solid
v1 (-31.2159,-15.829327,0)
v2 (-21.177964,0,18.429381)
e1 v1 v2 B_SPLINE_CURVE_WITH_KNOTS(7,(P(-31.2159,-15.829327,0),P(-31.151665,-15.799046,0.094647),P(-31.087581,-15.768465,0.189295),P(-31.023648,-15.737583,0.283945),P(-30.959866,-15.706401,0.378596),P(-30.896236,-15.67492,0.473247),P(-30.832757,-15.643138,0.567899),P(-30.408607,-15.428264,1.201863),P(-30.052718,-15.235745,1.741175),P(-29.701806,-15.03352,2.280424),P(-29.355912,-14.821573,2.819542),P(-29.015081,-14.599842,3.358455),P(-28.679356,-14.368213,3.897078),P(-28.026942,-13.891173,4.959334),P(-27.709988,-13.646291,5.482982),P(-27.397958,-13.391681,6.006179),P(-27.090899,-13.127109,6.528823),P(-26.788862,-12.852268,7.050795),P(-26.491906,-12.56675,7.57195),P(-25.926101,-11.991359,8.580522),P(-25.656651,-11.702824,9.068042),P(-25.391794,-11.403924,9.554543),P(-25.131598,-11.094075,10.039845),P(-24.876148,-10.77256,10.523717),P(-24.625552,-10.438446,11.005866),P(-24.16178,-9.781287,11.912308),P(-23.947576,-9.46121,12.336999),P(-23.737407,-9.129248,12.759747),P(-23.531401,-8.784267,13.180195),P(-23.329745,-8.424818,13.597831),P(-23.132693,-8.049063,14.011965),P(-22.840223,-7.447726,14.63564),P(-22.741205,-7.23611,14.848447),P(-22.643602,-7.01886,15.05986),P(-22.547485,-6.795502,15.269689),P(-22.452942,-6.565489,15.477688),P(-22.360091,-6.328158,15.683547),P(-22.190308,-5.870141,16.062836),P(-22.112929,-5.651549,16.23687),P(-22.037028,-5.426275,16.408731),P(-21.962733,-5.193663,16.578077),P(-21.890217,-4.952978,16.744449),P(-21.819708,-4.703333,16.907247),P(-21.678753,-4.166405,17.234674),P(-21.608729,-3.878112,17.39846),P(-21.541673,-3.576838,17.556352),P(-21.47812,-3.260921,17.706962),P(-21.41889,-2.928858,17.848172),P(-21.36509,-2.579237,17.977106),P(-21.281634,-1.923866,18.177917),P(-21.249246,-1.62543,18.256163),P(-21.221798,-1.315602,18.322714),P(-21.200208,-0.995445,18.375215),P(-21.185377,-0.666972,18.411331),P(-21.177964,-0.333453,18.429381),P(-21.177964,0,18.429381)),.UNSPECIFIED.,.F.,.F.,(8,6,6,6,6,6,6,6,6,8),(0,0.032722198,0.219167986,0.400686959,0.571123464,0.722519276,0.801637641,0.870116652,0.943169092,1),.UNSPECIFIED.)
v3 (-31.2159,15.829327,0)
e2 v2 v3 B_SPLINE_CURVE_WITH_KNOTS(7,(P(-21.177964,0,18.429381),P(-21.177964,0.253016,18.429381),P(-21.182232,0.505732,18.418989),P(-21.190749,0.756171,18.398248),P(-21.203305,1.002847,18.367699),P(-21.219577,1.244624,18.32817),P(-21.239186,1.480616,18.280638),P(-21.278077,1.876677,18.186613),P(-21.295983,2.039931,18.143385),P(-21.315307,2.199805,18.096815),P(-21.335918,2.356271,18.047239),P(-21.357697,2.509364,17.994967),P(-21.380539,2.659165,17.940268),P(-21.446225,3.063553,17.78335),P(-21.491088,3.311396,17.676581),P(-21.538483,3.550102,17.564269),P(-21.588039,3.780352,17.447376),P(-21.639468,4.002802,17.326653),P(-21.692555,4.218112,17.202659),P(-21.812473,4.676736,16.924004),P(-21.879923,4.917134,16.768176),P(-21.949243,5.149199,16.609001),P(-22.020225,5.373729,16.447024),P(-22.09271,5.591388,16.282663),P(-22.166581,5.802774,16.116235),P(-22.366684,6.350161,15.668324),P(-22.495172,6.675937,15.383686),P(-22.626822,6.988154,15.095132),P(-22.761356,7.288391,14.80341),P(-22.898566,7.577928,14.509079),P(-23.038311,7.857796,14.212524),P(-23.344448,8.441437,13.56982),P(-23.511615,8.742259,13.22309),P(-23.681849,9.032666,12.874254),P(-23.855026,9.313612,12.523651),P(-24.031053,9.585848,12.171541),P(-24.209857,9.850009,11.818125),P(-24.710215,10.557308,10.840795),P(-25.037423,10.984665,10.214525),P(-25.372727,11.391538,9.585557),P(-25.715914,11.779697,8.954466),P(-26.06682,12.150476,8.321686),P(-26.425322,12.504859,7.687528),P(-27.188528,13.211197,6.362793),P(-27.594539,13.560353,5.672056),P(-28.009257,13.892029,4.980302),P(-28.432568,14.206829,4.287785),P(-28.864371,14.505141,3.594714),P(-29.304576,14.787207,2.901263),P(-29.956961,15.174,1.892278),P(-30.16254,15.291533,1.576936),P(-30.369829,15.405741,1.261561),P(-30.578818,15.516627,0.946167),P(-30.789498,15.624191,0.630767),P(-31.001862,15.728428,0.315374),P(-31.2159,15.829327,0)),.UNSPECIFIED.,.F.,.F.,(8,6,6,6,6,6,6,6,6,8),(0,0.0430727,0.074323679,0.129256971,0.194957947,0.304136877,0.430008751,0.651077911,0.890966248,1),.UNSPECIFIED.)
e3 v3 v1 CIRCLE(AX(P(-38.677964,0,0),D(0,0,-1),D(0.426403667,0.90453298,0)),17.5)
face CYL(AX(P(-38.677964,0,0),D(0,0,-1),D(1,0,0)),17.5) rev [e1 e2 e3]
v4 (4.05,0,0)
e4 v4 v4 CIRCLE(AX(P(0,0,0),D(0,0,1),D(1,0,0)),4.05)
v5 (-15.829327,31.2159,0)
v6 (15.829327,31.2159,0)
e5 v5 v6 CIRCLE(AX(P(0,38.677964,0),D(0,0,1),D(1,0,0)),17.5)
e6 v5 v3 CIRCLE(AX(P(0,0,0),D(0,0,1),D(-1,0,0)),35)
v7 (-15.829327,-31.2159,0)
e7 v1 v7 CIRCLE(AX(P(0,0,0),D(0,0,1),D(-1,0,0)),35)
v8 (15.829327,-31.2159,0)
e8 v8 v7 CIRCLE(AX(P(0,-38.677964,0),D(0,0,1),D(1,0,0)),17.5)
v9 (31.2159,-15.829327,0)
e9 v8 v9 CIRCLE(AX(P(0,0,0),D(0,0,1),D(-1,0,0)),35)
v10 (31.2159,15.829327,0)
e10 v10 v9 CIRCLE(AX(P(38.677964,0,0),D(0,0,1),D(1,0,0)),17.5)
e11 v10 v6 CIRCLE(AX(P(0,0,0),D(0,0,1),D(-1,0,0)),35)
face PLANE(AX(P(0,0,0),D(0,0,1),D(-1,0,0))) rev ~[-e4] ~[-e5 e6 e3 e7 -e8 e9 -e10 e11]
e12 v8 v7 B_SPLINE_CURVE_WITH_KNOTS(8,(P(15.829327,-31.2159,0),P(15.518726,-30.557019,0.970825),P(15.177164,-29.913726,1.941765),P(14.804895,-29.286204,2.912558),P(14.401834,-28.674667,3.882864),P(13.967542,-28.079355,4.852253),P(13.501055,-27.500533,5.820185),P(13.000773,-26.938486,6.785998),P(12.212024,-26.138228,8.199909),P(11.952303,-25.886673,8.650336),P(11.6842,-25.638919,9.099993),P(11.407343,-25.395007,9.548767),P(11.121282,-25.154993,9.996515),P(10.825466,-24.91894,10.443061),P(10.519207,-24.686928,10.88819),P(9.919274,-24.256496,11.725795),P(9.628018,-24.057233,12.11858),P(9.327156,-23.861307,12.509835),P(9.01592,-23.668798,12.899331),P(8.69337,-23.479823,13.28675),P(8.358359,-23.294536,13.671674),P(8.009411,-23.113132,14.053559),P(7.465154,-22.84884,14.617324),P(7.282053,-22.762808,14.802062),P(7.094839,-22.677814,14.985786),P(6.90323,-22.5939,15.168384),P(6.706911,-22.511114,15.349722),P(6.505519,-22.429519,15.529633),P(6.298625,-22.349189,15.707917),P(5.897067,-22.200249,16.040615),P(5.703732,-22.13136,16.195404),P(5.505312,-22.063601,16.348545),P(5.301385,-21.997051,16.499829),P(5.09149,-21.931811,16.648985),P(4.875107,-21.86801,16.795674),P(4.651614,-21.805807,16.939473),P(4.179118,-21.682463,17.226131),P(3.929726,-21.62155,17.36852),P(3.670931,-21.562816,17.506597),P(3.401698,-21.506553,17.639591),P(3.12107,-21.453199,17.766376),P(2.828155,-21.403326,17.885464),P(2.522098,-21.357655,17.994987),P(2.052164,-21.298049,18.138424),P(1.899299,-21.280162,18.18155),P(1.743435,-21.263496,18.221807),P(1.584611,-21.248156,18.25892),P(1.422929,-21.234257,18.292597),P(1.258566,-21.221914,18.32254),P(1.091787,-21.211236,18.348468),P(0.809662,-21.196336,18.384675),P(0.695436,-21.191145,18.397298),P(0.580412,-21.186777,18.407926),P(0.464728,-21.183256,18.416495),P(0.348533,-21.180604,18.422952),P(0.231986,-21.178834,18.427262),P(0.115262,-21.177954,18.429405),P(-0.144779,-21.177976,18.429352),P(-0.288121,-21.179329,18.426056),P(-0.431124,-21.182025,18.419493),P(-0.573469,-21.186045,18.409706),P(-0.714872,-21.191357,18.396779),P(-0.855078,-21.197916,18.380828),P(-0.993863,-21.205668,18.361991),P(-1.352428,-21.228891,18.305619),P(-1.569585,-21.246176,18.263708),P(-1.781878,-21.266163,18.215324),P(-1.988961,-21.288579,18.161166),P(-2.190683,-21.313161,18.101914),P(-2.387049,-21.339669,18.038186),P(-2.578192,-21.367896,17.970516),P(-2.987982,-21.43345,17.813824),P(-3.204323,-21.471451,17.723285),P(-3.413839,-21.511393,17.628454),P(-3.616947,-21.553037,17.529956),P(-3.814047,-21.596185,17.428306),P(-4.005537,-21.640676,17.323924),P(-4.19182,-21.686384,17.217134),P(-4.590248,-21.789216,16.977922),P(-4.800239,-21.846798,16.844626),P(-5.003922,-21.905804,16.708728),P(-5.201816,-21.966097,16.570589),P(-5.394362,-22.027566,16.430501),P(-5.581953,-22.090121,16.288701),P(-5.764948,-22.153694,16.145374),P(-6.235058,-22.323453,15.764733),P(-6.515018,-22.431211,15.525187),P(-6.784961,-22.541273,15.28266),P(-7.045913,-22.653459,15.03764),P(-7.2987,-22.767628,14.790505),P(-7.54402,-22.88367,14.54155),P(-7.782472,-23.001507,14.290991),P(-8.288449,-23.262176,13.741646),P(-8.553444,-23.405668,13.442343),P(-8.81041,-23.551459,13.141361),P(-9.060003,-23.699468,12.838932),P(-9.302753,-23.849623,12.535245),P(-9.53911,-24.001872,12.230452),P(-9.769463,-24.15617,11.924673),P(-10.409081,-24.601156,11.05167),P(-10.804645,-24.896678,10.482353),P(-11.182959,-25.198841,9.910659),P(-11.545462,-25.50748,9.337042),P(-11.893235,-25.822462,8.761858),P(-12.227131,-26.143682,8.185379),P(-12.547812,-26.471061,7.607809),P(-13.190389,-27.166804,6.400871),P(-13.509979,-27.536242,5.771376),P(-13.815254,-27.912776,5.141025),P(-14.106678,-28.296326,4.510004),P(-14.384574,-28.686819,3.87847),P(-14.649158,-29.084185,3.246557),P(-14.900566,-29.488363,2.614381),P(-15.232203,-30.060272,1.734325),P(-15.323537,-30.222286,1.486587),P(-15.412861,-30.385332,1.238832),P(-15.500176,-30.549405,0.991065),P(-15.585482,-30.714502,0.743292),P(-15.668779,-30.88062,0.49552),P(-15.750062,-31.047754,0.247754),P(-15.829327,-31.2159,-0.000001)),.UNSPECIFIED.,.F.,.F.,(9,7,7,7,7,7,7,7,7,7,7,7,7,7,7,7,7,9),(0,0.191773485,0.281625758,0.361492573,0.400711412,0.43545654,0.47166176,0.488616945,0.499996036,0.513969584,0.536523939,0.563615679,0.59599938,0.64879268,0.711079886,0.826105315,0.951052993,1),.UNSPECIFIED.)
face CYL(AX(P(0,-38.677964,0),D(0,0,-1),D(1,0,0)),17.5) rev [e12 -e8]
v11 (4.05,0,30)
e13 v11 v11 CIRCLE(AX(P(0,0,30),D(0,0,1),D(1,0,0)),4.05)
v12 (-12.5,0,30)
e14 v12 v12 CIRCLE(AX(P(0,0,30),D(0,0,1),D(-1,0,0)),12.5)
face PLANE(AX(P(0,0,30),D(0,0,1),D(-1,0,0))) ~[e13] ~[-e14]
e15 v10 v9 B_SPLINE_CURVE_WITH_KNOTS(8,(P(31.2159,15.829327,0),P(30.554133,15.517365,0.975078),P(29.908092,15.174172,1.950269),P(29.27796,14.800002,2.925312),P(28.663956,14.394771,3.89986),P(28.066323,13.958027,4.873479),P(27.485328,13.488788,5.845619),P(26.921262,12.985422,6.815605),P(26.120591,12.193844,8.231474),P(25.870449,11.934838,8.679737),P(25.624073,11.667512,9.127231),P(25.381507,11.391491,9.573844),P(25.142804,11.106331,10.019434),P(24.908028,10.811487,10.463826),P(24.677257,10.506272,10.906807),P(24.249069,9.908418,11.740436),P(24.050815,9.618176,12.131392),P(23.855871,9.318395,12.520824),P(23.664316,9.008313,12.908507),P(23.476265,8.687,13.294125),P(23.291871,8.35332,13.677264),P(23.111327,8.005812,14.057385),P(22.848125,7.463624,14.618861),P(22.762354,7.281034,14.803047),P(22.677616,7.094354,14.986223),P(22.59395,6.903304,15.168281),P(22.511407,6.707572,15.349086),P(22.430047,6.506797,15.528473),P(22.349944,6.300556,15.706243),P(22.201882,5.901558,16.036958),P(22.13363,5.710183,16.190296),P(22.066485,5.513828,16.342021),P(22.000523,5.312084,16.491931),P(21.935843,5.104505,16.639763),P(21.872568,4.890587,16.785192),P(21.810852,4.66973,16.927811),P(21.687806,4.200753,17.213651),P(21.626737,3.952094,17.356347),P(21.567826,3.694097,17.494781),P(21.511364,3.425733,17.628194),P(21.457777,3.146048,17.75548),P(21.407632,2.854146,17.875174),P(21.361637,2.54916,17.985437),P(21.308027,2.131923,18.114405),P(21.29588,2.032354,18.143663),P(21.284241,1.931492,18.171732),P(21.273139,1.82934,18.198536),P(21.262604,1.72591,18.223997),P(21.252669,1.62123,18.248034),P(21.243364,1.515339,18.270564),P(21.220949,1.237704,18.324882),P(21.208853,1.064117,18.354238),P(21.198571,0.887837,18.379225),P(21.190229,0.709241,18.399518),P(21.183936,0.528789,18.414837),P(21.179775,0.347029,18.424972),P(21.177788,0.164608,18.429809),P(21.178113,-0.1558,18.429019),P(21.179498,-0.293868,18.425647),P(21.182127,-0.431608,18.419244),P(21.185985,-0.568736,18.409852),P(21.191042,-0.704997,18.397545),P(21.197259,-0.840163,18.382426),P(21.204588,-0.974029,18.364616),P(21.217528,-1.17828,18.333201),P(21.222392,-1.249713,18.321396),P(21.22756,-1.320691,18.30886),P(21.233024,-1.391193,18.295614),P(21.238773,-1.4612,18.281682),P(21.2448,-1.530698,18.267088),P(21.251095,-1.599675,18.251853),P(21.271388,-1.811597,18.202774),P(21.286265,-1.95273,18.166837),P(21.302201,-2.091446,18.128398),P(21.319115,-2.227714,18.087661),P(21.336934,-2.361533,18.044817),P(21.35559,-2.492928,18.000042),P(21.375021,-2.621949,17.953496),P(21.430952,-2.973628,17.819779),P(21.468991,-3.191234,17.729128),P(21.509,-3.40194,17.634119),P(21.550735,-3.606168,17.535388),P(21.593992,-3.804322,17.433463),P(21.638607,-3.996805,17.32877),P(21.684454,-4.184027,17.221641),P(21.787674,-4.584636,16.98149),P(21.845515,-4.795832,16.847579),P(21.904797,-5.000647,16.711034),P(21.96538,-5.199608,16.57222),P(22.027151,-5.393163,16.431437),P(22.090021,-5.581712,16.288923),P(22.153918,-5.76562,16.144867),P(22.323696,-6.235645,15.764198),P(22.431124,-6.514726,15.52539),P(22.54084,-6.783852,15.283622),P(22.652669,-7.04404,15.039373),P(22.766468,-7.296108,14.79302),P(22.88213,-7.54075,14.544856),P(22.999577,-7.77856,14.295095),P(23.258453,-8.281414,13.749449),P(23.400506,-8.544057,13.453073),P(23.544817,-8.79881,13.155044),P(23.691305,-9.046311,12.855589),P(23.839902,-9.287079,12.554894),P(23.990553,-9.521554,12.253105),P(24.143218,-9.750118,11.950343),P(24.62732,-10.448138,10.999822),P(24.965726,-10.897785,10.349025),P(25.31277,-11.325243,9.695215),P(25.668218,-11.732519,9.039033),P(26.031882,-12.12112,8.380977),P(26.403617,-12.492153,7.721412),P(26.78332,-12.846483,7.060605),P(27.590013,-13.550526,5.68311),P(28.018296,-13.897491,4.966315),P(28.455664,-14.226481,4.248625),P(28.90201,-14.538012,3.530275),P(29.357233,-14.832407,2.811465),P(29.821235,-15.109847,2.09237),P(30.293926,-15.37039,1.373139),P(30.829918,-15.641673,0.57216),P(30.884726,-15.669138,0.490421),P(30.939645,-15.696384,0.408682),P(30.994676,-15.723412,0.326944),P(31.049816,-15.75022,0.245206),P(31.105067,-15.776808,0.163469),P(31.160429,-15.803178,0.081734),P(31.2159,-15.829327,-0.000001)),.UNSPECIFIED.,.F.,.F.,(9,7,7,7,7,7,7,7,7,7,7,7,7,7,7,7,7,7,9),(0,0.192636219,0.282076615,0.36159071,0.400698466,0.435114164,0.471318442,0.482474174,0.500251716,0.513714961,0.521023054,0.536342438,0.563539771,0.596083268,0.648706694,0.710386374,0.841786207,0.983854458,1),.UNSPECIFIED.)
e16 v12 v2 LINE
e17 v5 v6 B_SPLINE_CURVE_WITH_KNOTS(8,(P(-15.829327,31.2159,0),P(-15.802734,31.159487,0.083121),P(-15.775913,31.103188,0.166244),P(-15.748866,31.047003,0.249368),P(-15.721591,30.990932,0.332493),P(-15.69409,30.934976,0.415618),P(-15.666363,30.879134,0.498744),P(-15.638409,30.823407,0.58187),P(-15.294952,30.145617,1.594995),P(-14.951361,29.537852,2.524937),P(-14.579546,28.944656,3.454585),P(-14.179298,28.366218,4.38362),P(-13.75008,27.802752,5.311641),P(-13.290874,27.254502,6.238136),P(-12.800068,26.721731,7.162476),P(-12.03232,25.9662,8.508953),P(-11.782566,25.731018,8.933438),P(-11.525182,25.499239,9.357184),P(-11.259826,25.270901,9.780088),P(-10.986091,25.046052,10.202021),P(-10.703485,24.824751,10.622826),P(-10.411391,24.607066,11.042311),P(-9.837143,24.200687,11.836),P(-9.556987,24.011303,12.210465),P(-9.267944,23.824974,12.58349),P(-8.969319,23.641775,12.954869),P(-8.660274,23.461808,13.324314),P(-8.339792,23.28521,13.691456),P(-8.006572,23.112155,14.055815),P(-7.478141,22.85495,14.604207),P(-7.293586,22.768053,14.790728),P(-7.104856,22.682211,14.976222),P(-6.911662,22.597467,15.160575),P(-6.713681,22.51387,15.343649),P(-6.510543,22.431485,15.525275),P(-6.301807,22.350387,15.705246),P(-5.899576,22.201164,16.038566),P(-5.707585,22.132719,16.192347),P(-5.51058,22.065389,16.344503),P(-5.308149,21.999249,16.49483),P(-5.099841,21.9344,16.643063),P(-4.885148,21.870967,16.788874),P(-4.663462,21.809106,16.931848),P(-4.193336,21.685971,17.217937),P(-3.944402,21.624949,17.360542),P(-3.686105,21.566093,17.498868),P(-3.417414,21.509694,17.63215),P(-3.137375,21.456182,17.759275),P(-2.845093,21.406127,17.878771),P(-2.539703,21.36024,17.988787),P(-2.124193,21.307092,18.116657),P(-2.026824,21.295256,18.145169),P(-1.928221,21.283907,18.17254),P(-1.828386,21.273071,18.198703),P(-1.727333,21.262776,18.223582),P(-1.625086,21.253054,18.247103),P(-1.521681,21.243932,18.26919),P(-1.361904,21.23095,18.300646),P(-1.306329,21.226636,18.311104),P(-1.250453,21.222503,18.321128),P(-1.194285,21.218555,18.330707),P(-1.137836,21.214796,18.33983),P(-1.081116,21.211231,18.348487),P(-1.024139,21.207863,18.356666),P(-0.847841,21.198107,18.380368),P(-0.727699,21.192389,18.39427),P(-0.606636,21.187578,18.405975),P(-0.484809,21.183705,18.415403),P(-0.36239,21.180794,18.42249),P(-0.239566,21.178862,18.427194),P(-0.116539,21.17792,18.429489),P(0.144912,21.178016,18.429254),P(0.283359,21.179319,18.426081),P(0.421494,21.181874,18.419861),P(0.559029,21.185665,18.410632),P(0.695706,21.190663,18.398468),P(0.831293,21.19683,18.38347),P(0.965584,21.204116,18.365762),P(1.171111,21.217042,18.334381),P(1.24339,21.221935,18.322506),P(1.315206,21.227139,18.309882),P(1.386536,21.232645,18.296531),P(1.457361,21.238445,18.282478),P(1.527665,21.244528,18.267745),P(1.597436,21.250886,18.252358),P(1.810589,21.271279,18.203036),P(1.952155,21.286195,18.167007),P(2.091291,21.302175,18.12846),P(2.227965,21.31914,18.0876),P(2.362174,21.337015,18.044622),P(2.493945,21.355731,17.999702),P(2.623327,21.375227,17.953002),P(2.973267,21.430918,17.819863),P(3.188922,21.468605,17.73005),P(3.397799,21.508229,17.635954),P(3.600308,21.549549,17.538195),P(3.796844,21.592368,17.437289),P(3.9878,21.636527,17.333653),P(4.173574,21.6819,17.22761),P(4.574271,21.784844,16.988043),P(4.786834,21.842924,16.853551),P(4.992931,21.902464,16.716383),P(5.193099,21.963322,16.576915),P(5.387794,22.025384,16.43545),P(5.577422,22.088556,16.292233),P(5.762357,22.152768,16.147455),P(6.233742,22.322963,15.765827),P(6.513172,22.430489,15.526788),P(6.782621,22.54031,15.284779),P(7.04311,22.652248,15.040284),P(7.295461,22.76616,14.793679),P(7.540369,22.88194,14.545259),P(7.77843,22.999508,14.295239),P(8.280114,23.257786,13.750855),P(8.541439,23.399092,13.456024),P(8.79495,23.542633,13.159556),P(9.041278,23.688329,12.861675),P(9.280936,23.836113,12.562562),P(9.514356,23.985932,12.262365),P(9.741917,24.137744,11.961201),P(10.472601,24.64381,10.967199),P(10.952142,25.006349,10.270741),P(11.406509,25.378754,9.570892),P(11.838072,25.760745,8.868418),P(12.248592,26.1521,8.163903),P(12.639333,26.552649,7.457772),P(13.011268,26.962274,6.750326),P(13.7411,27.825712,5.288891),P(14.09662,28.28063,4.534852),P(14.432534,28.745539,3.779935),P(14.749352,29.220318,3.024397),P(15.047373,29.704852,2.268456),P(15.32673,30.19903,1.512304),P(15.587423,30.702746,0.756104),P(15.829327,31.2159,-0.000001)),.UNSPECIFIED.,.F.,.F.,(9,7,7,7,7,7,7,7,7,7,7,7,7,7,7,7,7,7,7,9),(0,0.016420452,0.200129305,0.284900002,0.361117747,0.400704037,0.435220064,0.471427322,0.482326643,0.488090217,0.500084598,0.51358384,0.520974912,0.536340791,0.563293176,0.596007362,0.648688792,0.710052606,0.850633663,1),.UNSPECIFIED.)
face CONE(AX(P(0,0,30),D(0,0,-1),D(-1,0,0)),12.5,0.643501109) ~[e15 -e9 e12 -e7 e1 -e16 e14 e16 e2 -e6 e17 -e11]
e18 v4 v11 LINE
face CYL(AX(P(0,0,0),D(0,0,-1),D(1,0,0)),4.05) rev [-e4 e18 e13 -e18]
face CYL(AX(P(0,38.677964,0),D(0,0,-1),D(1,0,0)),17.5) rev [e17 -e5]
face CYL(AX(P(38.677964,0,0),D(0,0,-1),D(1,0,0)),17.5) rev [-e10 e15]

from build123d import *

# Parameters (mm, degrees)
F2_R     = 4.05
F3_DEPTH = 30
F4_R     = 17.5
F5_DEPTH = 25


with BuildPart() as f1:
    # F0 (on Front) → F1 (revolve)
    with BuildSketch(Plane.XZ):
        Polygon((-12.5, 30), (-35, 0), (0, 0), (0, 30), align=None)
    revolve(axis=Axis((0, 0, 15), (0, 0, 1)))

    # F2 (on Top) → F3 (cut)
    with BuildSketch(Plane.XY):
        Circle(F2_R)
    extrude(amount=F3_DEPTH, mode=Mode.SUBTRACT)

    # F4 (on Top) → F5 (cut)
    with BuildSketch(Plane.XY):
        with Locations((0, 38.677964)):
            Circle(F4_R)
        with Locations((-38.677964, 0)):
            Circle(F4_R)
        with Locations((0, -38.677964)):
            Circle(F4_R)
        with Locations((38.677964, 0)):
            Circle(F4_R)
    extrude(amount=F5_DEPTH, mode=Mode.SUBTRACT)


solid = f1.part
